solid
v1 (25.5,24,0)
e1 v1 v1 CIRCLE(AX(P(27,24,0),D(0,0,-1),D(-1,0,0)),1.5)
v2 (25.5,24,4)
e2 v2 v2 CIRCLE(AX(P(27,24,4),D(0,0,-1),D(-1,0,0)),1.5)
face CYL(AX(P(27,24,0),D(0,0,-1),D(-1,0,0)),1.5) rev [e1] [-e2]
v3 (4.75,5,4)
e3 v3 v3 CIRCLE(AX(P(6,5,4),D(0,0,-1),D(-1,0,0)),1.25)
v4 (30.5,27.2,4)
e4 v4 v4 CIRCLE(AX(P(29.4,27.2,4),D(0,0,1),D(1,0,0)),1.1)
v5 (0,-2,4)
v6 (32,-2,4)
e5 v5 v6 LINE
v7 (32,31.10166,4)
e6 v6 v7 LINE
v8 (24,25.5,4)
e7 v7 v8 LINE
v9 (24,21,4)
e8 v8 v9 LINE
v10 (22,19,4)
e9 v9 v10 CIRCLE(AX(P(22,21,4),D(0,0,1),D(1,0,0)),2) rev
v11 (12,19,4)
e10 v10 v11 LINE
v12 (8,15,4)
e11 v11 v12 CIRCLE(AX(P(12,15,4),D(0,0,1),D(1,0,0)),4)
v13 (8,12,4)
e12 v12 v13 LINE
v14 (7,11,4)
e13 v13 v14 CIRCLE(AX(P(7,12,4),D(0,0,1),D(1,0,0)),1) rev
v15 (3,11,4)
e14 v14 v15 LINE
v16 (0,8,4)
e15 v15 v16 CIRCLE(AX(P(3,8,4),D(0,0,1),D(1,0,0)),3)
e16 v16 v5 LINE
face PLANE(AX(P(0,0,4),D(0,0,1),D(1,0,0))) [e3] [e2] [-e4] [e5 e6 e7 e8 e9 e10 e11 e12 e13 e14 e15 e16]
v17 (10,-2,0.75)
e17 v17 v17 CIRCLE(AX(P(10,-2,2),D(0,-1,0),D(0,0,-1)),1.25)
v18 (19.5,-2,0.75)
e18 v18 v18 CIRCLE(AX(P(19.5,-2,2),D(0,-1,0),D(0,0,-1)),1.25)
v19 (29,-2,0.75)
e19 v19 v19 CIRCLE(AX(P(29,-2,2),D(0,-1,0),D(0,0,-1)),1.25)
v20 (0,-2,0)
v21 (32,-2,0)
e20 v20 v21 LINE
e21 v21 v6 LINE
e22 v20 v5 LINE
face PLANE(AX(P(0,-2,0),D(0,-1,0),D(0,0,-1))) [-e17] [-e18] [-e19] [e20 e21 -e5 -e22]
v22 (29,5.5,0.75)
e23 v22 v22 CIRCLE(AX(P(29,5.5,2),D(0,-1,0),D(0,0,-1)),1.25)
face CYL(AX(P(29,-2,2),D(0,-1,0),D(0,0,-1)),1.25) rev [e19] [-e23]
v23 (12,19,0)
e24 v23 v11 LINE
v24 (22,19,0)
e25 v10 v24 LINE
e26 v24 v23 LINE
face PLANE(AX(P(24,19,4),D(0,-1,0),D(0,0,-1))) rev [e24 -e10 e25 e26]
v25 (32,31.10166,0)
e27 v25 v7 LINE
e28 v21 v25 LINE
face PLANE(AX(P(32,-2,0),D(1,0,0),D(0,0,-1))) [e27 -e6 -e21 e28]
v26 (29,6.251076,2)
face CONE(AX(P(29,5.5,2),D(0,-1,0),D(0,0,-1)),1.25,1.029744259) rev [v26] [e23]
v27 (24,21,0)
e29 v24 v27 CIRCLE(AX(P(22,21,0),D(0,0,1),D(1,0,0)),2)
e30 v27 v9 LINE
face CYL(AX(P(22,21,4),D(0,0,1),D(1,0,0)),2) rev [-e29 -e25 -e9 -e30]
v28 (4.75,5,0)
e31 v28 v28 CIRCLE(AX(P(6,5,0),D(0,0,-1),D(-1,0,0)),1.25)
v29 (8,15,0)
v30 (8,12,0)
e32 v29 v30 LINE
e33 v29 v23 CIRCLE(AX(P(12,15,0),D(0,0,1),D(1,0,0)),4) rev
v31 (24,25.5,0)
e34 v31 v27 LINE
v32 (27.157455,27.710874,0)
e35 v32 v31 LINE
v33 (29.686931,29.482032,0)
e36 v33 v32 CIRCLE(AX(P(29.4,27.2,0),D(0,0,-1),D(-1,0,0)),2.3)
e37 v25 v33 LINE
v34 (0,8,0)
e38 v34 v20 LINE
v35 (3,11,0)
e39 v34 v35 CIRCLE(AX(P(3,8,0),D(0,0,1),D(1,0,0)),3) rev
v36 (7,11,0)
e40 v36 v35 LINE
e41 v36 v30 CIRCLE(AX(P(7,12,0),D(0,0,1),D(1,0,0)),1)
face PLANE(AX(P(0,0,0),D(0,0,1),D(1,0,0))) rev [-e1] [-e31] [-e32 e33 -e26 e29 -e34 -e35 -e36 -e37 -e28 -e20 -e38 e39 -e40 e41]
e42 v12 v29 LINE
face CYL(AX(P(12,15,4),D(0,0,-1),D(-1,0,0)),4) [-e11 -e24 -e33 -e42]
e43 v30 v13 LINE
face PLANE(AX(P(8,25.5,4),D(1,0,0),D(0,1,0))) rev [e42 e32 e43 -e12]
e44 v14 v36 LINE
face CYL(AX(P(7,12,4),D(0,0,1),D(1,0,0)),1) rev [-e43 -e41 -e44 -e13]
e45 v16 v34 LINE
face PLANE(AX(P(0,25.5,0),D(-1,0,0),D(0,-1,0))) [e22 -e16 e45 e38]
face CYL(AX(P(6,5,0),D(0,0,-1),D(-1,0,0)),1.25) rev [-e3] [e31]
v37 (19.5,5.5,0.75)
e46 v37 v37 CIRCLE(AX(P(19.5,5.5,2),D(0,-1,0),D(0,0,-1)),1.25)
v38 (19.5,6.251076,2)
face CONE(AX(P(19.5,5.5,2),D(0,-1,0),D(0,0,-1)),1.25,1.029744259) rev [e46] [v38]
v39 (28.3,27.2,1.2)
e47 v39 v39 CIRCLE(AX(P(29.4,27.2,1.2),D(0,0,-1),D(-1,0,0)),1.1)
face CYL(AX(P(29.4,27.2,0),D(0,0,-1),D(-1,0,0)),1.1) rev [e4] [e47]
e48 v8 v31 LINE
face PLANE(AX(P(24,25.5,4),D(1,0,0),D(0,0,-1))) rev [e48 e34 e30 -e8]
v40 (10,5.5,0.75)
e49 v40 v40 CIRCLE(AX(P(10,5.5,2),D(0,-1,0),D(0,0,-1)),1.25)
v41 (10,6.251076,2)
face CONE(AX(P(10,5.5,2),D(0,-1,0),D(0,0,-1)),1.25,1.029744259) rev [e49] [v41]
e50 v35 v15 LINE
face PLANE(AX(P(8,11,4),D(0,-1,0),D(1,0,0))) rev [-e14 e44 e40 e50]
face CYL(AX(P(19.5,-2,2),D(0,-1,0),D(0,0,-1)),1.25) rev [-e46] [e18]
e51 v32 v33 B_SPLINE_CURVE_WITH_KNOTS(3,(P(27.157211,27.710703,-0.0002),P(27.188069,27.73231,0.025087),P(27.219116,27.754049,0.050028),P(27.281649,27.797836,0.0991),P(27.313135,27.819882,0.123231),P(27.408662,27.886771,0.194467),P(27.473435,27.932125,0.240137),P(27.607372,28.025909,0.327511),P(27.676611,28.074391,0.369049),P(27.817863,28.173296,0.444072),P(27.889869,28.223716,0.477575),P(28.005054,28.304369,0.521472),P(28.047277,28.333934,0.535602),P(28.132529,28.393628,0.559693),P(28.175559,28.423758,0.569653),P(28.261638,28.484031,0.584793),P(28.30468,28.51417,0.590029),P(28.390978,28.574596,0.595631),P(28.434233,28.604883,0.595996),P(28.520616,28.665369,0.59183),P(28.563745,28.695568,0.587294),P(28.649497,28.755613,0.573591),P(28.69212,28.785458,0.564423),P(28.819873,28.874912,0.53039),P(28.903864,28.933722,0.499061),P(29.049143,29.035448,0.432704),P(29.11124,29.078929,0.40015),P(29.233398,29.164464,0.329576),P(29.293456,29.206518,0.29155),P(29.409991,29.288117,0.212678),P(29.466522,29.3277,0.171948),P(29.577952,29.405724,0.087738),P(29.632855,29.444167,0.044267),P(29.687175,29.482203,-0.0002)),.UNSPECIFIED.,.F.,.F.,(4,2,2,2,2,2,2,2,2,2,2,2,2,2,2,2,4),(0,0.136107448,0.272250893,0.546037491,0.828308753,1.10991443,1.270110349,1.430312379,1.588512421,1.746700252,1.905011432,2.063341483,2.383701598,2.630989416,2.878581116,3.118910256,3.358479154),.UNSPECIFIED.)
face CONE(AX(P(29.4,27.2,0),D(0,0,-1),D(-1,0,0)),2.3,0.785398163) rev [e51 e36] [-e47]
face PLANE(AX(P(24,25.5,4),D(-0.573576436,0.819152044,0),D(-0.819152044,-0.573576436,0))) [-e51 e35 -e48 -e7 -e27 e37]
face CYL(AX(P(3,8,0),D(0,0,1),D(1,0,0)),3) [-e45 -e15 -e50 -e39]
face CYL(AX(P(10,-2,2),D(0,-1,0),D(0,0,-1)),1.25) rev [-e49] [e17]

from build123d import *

# Parameters (mm, degrees)
SKETCH1_W                     = 32
SKETCH1_H                     = 27.5
BOSS_EXTRUDE1_DEPTH           = 4
SKETCH2_W                     = 8
SKETCH2_H                     = 14.5
CUT_EXTRUDE1_DEPTH            = 42.112650121
SKETCH3_W                     = 16
SKETCH3_H                     = 6.5
CUT_EXTRUDE2_DEPTH            = 42.112650121
DRAFT1_ANGLE                  = 35.000000002
F_3_0_3_DIAMETER_HOLE1_D      = 3
CSK_FOR_M3_SFHCS1_D           = 2.2
CSK_FOR_M3_SFHCS1_DEPTH       = 9.5
CSK_FOR_M3_SFHCS1_CSINK_D     = 4.6
CSK_FOR_M3_SFHCS1_CSINK_ANGLE = 90
CSK_FOR_M3_SFHCS1_TIP         = 0.660946681
M3X0_5_TAPPED_HOLE2_D         = 2.5
M3X0_5_TAPPED_HOLE2_DEPTH     = 7.5
M3X0_5_TAPPED_HOLE2_TIP       = 0.751075774
FILLET1_R                     = 1
FILLET2_R                     = 2
FILLET3_R                     = 3
FILLET4_R                     = 4
M3X0_5_TAPPED_HOLE1_D         = 2.5


with BuildPart() as part:
    # Sketch1 → Boss-Extrude1 (new body)
    with BuildSketch(Plane.XY.offset(4)):
        with Locations((16, 11.75)):
            Rectangle(SKETCH1_W, SKETCH1_H)
    extrude(amount=-BOSS_EXTRUDE1_DEPTH)

    # Sketch2 → Cut-Extrude1 (cut, through all)
    with BuildSketch(Plane(origin=(0, 0, 0), x_dir=(-1, 0, 0), z_dir=(0, 0, -1))):
        with Locations((-4, 18.25)):
            Rectangle(SKETCH2_W, SKETCH2_H)
    extrude(amount=-CUT_EXTRUDE1_DEPTH, mode=Mode.SUBTRACT)

    # Sketch3 → Cut-Extrude2 (cut, through all)
    with BuildSketch(Plane(origin=(0, 0, 0), x_dir=(-1, 0, 0), z_dir=(0, 0, -1))):
        with Locations((-16, 22.25)):
            Rectangle(SKETCH3_W, SKETCH3_H)
    extrude(amount=-CUT_EXTRUDE2_DEPTH, mode=Mode.SUBTRACT)

    # Draft1
    draft1_faces = [part.faces().sort_by_distance(p)[0] for p in [
        (28, 25.5, 2),
    ]]
    draft(draft1_faces, Plane(origin=(24, 25.5, 4), x_dir=(0, 0, -1), z_dir=(-1, 0, 0)), DRAFT1_ANGLE)

    # Ø3.0 (3) Diameter Hole1 (through all)
    with Locations(Plane(origin=(0, 0, 0), x_dir=(-1, 0, 0), z_dir=(0, 0, -1))):
        with Locations((-27, 24)):
            Hole(F_3_0_3_DIAMETER_HOLE1_D / 2)

    # CSK for M3 SFHCS1
    with Locations(Plane(origin=(0, 0, 0), x_dir=(-1, 0, 0), z_dir=(0, 0, -1))):
        with Locations((-29.4, 27.2)):
            CounterSinkHole(CSK_FOR_M3_SFHCS1_D / 2, CSK_FOR_M3_SFHCS1_CSINK_D / 2, depth=CSK_FOR_M3_SFHCS1_DEPTH, counter_sink_angle=CSK_FOR_M3_SFHCS1_CSINK_ANGLE)
            with Locations((0, 0, -(CSK_FOR_M3_SFHCS1_DEPTH + CSK_FOR_M3_SFHCS1_TIP / 2))):  # 118° drill point
                Cone(0, CSK_FOR_M3_SFHCS1_D / 2, CSK_FOR_M3_SFHCS1_TIP, mode=Mode.SUBTRACT)

    # M3x0.5 Tapped Hole2
    with Locations(Plane(origin=(0, -2, 0), x_dir=(-1, 0, 0), z_dir=(0, -1, 0))):
        with Locations((-10, -2), (-19.5, -2), (-29, -2)):
            Hole(M3X0_5_TAPPED_HOLE2_D / 2, depth=M3X0_5_TAPPED_HOLE2_DEPTH)
            with Locations((0, 0, -(M3X0_5_TAPPED_HOLE2_DEPTH + M3X0_5_TAPPED_HOLE2_TIP / 2))):  # 118° drill point
                Cone(0, M3X0_5_TAPPED_HOLE2_D / 2, M3X0_5_TAPPED_HOLE2_TIP, mode=Mode.SUBTRACT)

    # Fillet1
    fillet1_edges = [part.edges().sort_by_distance(p)[0] for p in [
        (8, 11, 2),
    ]]
    fillet(fillet1_edges, radius=FILLET1_R)

    # Fillet2
    fillet2_edges = [part.edges().sort_by_distance(p)[0] for p in [
        (24, 19, 2),
    ]]
    fillet(fillet2_edges, radius=FILLET2_R)

    # Fillet3
    fillet3_edges = [part.edges().sort_by_distance(p)[0] for p in [
        (0, 11, 2),
    ]]
    fillet(fillet3_edges, radius=FILLET3_R)

    # Fillet4
    fillet4_edges = [part.edges().sort_by_distance(p)[0] for p in [
        (8, 19, 2),
    ]]
    fillet(fillet4_edges, radius=FILLET4_R)

    # M3x0.5 Tapped Hole1 (through all)
    with Locations(Plane(origin=(6, 5, 0), x_dir=(-1, 0, 0), z_dir=(0, 0, -1))):
        with Locations((0, 0)):
            Hole(M3X0_5_TAPPED_HOLE1_D / 2)


solid = part.part
